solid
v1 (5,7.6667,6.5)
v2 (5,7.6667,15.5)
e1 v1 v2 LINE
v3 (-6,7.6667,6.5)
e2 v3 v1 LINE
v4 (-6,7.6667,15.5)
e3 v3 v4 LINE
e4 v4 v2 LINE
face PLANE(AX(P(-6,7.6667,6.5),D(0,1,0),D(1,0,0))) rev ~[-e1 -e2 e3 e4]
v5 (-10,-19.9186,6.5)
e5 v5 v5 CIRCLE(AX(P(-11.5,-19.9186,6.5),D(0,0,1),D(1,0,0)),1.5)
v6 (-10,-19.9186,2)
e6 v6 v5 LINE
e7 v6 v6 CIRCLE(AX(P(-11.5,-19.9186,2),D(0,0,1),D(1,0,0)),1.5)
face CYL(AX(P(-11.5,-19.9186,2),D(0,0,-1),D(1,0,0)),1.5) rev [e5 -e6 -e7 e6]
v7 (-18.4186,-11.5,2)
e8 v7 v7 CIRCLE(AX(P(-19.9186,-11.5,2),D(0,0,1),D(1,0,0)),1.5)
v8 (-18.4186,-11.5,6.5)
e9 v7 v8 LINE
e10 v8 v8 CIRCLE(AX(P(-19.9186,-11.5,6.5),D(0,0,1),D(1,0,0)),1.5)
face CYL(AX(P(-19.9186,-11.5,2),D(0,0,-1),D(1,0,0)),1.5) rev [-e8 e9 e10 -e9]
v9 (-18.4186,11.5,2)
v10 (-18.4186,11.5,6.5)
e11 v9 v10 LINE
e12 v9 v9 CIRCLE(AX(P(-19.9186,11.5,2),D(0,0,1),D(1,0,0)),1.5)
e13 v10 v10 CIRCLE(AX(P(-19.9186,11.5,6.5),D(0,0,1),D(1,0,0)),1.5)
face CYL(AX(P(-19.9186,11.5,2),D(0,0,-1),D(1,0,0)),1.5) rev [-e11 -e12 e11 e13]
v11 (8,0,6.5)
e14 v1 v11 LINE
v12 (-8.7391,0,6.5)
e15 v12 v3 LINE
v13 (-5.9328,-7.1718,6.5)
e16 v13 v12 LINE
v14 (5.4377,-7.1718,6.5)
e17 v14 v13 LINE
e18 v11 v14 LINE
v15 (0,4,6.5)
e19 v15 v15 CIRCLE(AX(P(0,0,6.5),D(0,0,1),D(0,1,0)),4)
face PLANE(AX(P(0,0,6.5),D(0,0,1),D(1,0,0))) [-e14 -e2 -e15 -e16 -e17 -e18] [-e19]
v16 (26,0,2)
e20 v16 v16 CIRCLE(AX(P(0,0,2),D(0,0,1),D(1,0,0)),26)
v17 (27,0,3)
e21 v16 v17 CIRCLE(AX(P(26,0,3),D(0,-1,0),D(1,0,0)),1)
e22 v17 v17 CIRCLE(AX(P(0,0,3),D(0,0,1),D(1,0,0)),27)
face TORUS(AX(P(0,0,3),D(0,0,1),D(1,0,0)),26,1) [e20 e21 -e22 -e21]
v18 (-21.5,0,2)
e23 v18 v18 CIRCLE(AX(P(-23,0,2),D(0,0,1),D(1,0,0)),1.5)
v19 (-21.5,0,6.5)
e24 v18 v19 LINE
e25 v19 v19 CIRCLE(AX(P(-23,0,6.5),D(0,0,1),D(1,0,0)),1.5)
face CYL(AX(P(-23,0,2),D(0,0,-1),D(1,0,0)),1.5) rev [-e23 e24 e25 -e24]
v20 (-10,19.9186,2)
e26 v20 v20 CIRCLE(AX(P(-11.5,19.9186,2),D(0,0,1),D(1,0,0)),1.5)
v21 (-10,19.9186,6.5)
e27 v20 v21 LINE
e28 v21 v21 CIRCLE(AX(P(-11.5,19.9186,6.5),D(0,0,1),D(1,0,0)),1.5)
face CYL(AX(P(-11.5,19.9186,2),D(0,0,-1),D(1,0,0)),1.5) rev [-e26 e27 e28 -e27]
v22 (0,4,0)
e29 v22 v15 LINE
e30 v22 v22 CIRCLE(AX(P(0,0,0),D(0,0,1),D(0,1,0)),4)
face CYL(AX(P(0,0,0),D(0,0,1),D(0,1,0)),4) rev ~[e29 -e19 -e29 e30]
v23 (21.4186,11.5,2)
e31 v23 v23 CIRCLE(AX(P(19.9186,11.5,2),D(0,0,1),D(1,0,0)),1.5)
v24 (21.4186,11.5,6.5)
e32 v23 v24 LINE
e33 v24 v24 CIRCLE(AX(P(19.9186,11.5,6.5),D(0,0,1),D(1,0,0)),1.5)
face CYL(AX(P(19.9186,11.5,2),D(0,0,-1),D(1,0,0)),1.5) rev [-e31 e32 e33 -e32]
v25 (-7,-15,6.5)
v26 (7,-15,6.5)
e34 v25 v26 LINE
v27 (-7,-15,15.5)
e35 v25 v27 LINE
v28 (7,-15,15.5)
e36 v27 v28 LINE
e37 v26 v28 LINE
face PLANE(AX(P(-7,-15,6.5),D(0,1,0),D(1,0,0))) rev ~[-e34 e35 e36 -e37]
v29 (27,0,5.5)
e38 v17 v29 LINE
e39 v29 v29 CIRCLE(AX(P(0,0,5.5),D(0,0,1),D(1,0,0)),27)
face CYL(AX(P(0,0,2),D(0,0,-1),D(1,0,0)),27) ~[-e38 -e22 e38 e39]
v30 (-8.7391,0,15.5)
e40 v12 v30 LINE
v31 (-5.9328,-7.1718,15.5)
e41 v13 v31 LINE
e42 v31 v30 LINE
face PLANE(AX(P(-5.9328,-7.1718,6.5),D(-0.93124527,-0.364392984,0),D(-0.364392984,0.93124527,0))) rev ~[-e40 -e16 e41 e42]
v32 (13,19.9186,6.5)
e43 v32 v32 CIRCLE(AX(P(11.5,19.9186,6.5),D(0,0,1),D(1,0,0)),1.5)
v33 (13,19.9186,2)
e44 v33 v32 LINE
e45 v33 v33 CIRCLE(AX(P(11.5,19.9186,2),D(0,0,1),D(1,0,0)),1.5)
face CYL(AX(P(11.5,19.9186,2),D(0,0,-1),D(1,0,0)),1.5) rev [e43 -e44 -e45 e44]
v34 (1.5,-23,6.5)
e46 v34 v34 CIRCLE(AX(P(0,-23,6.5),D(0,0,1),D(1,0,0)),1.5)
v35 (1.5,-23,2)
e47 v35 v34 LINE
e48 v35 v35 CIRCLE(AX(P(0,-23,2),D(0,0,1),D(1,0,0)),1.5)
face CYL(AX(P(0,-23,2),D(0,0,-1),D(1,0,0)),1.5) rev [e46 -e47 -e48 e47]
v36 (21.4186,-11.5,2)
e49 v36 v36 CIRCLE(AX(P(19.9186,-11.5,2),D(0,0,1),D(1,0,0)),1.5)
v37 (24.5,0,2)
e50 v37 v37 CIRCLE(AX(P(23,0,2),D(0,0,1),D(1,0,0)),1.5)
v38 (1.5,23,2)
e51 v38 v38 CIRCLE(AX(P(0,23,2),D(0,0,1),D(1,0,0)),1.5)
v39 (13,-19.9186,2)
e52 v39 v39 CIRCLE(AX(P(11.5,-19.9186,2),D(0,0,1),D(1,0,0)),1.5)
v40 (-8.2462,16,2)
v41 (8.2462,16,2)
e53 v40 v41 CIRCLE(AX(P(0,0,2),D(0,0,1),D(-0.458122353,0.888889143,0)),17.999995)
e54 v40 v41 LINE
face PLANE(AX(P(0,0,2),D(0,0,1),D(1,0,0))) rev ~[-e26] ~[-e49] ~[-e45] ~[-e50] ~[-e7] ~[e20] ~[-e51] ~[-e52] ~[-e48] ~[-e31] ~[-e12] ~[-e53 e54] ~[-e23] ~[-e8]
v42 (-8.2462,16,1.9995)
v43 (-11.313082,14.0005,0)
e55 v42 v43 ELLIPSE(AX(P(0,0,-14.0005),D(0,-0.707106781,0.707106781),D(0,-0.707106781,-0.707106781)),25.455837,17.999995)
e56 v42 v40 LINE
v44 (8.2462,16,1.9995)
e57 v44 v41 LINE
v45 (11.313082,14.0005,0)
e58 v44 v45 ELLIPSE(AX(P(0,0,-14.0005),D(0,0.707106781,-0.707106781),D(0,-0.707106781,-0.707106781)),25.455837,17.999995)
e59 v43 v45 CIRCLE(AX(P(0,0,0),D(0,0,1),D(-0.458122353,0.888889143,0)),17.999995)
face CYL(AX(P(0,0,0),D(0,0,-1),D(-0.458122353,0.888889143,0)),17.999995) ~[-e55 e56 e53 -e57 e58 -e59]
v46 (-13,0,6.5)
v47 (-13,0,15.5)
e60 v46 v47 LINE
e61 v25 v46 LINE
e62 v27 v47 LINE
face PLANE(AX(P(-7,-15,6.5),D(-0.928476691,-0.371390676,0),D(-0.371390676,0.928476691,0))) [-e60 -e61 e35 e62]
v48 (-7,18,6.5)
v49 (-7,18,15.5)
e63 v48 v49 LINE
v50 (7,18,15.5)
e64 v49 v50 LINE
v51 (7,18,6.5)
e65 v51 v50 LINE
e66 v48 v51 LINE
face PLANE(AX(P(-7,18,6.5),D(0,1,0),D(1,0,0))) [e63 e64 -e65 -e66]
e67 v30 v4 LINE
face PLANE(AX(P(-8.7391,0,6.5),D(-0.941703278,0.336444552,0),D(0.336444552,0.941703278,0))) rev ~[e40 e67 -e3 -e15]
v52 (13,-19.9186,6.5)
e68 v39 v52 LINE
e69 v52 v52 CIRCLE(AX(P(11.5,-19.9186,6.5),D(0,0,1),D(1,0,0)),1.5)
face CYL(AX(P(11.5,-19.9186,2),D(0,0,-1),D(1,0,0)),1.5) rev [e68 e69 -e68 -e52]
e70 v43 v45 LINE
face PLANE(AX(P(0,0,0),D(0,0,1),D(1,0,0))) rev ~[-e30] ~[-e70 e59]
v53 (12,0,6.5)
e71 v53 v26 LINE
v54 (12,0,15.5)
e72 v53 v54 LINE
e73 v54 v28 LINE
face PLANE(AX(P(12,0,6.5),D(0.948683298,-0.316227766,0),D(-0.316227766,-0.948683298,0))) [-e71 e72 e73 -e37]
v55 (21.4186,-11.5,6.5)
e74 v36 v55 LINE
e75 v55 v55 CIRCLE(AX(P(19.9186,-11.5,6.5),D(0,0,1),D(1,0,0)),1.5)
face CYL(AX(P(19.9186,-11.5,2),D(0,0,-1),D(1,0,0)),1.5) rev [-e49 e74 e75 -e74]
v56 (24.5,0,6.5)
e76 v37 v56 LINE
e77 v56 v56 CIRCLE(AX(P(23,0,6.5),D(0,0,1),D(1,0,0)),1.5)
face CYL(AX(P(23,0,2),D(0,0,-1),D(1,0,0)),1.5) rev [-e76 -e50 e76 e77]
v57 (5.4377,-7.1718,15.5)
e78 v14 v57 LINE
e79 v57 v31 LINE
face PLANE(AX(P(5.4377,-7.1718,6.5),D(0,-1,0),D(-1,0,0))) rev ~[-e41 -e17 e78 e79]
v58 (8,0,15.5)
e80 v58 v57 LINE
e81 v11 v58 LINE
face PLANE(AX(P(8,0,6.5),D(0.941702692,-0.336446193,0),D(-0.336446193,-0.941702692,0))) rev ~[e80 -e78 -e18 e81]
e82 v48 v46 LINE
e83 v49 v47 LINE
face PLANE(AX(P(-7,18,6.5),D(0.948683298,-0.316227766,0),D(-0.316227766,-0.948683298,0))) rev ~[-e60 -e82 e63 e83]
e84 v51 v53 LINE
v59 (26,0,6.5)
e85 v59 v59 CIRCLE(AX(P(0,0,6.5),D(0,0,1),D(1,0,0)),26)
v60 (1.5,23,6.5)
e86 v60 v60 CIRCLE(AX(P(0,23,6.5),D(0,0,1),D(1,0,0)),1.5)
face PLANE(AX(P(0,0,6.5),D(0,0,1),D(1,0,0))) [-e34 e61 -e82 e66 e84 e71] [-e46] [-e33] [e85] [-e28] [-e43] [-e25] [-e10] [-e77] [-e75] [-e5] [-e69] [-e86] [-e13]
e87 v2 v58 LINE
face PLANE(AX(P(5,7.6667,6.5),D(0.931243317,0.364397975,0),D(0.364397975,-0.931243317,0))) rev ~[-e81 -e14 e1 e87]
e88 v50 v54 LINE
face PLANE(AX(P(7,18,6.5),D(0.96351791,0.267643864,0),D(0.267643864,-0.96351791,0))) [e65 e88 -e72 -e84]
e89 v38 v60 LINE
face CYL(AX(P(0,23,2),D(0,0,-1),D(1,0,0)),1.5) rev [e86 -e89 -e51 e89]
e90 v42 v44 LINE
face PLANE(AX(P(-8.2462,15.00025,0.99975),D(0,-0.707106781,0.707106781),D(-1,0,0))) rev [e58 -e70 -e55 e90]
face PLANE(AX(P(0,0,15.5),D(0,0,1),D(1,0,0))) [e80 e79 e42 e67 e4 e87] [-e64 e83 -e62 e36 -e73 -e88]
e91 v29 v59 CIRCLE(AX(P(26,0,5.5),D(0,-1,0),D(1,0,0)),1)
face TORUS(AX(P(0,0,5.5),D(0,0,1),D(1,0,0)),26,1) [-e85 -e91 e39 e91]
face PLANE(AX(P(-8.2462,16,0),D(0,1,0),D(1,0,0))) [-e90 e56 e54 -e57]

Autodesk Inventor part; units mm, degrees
ref_plane "YZ Plane" through (0, 0, 0) normal (1, 0, 0) x (0, 1, 0)
ref_plane "XZ Plane" through (0, 0, 0) normal (0, 1, 0) x (-1, 0, 0)
ref_plane "XY Plane" through (0, 0, 0) normal (0, 0, 1) x (1, 0, 0)
sketch "Sketch1" plane through (0, 0, 0) normal (0, 0, 1) x (1, 0, 0)
  arc A0 (-8.2462, 16) -> (8.2462, 16) centre (0, 0) ccw
  line L0 (-8.2462, 16) -> (8.2462, 16)
  dimension "d0" = 36
  dimension "d1" = 16
extrude "Extrusion1" add sketch "Sketch1" along normal blind 2
sketch "Sketch2" plane through (0, 0, 2) normal (0, 0, 1) x (1, 0, 0)
  circle A0 centre (0, 0) radius 27
  circle A1 centre (0, 0) radius 23 construction
  line L0 (0, 27) -> (0, -27) construction
  line L1 (-27, 0) -> (27, 0) construction
  line L2 (8.2462, 16) -> (-8.2462, 16) projected
  line L3 (8.2462, 16) -> (-8.2462, 16) projected
  arc A2 (-8.2462, 16) -> (8.2462, 16) centre (0, 0) ccw projected
  circle A3 centre (0, 23) radius 1.5
  circle A4 centre (11.5, 19.9186) radius 1.5
  circle A5 centre (19.9186, 11.5) radius 1.5
  circle A6 centre (23, 0) radius 1.5
  circle A7 centre (19.9186, -11.5) radius 1.5
  circle A8 centre (11.5, -19.9186) radius 1.5
  circle A9 centre (0, -23) radius 1.5
  circle A10 centre (-11.5, -19.9186) radius 1.5
  circle A11 centre (-19.9186, -11.5) radius 1.5
  circle A12 centre (-23, 0) radius 1.5
  circle A13 centre (-19.9186, 11.5) radius 1.5
  circle A14 centre (-11.5, 19.9186) radius 1.5
  dimension "d5" = 46
  dimension "d4" = 54
  dimension "d6" = 3
  dimension "d9" = 360
extrude "Extrusion2" add sketch "Sketch2" along normal blind 4.5 contours A0 | A2 L2
chamfer "Chamfer1" distance 2 angle 45 1 edges at (0, 16, 0)
fillet "Fillet1" radius 1 2 edges at (-27, 0, 2) (-27, 0, 6.5)
sketch "Sketch3" plane through (0, 0, 0) normal (0, 0, -1) x (-1, 0, 0)
  circle A0 centre (0, 0) radius 7
  dimension "d17" = 14
hole "Hole1" at (0, 0, 0) direction (0, 0, 1) diameter 8 end through all
sketch "Sketch4" plane through (0, 0, 6.5) normal (0, 0, 1) x (1, 0, 0)
  line L0 (0, 0) -> (0, 31) construction
  line L1 (-7, 18) -> (7, 18)
  line L2 (-7, 18) -> (-13, 0)
  line L3 (0, 0) -> (0, -27) construction
  line L4 (-7, -15) -> (7, -15)
  line L5 (-7, -15) -> (-13, 0)
  line L6 (7, 18) -> (12, 0)
  line L7 (12, 0) -> (7, -15)
  line L8 (-6, 7.6667) -> (5, 7.6667)
  line L9 (5, 7.6667) -> (8, 0)
  line L10 (8, 0) -> (5.4377, -7.1718)
  line L11 (5.4377, -7.1718) -> (-5.9328, -7.1718)
  line L12 (-5.9328, -7.1718) -> (-8.7391, 0)
  line L13 (-8.7391, 0) -> (-6, 7.6667)
  point P0 (0, 18)
  dimension "d27" = 14
  dimension "d28" = 14
  dimension "d31" = 11
extrude "Extrusion4" add sketch "Sketch4" along normal blind 9
properties part number "1-26"
